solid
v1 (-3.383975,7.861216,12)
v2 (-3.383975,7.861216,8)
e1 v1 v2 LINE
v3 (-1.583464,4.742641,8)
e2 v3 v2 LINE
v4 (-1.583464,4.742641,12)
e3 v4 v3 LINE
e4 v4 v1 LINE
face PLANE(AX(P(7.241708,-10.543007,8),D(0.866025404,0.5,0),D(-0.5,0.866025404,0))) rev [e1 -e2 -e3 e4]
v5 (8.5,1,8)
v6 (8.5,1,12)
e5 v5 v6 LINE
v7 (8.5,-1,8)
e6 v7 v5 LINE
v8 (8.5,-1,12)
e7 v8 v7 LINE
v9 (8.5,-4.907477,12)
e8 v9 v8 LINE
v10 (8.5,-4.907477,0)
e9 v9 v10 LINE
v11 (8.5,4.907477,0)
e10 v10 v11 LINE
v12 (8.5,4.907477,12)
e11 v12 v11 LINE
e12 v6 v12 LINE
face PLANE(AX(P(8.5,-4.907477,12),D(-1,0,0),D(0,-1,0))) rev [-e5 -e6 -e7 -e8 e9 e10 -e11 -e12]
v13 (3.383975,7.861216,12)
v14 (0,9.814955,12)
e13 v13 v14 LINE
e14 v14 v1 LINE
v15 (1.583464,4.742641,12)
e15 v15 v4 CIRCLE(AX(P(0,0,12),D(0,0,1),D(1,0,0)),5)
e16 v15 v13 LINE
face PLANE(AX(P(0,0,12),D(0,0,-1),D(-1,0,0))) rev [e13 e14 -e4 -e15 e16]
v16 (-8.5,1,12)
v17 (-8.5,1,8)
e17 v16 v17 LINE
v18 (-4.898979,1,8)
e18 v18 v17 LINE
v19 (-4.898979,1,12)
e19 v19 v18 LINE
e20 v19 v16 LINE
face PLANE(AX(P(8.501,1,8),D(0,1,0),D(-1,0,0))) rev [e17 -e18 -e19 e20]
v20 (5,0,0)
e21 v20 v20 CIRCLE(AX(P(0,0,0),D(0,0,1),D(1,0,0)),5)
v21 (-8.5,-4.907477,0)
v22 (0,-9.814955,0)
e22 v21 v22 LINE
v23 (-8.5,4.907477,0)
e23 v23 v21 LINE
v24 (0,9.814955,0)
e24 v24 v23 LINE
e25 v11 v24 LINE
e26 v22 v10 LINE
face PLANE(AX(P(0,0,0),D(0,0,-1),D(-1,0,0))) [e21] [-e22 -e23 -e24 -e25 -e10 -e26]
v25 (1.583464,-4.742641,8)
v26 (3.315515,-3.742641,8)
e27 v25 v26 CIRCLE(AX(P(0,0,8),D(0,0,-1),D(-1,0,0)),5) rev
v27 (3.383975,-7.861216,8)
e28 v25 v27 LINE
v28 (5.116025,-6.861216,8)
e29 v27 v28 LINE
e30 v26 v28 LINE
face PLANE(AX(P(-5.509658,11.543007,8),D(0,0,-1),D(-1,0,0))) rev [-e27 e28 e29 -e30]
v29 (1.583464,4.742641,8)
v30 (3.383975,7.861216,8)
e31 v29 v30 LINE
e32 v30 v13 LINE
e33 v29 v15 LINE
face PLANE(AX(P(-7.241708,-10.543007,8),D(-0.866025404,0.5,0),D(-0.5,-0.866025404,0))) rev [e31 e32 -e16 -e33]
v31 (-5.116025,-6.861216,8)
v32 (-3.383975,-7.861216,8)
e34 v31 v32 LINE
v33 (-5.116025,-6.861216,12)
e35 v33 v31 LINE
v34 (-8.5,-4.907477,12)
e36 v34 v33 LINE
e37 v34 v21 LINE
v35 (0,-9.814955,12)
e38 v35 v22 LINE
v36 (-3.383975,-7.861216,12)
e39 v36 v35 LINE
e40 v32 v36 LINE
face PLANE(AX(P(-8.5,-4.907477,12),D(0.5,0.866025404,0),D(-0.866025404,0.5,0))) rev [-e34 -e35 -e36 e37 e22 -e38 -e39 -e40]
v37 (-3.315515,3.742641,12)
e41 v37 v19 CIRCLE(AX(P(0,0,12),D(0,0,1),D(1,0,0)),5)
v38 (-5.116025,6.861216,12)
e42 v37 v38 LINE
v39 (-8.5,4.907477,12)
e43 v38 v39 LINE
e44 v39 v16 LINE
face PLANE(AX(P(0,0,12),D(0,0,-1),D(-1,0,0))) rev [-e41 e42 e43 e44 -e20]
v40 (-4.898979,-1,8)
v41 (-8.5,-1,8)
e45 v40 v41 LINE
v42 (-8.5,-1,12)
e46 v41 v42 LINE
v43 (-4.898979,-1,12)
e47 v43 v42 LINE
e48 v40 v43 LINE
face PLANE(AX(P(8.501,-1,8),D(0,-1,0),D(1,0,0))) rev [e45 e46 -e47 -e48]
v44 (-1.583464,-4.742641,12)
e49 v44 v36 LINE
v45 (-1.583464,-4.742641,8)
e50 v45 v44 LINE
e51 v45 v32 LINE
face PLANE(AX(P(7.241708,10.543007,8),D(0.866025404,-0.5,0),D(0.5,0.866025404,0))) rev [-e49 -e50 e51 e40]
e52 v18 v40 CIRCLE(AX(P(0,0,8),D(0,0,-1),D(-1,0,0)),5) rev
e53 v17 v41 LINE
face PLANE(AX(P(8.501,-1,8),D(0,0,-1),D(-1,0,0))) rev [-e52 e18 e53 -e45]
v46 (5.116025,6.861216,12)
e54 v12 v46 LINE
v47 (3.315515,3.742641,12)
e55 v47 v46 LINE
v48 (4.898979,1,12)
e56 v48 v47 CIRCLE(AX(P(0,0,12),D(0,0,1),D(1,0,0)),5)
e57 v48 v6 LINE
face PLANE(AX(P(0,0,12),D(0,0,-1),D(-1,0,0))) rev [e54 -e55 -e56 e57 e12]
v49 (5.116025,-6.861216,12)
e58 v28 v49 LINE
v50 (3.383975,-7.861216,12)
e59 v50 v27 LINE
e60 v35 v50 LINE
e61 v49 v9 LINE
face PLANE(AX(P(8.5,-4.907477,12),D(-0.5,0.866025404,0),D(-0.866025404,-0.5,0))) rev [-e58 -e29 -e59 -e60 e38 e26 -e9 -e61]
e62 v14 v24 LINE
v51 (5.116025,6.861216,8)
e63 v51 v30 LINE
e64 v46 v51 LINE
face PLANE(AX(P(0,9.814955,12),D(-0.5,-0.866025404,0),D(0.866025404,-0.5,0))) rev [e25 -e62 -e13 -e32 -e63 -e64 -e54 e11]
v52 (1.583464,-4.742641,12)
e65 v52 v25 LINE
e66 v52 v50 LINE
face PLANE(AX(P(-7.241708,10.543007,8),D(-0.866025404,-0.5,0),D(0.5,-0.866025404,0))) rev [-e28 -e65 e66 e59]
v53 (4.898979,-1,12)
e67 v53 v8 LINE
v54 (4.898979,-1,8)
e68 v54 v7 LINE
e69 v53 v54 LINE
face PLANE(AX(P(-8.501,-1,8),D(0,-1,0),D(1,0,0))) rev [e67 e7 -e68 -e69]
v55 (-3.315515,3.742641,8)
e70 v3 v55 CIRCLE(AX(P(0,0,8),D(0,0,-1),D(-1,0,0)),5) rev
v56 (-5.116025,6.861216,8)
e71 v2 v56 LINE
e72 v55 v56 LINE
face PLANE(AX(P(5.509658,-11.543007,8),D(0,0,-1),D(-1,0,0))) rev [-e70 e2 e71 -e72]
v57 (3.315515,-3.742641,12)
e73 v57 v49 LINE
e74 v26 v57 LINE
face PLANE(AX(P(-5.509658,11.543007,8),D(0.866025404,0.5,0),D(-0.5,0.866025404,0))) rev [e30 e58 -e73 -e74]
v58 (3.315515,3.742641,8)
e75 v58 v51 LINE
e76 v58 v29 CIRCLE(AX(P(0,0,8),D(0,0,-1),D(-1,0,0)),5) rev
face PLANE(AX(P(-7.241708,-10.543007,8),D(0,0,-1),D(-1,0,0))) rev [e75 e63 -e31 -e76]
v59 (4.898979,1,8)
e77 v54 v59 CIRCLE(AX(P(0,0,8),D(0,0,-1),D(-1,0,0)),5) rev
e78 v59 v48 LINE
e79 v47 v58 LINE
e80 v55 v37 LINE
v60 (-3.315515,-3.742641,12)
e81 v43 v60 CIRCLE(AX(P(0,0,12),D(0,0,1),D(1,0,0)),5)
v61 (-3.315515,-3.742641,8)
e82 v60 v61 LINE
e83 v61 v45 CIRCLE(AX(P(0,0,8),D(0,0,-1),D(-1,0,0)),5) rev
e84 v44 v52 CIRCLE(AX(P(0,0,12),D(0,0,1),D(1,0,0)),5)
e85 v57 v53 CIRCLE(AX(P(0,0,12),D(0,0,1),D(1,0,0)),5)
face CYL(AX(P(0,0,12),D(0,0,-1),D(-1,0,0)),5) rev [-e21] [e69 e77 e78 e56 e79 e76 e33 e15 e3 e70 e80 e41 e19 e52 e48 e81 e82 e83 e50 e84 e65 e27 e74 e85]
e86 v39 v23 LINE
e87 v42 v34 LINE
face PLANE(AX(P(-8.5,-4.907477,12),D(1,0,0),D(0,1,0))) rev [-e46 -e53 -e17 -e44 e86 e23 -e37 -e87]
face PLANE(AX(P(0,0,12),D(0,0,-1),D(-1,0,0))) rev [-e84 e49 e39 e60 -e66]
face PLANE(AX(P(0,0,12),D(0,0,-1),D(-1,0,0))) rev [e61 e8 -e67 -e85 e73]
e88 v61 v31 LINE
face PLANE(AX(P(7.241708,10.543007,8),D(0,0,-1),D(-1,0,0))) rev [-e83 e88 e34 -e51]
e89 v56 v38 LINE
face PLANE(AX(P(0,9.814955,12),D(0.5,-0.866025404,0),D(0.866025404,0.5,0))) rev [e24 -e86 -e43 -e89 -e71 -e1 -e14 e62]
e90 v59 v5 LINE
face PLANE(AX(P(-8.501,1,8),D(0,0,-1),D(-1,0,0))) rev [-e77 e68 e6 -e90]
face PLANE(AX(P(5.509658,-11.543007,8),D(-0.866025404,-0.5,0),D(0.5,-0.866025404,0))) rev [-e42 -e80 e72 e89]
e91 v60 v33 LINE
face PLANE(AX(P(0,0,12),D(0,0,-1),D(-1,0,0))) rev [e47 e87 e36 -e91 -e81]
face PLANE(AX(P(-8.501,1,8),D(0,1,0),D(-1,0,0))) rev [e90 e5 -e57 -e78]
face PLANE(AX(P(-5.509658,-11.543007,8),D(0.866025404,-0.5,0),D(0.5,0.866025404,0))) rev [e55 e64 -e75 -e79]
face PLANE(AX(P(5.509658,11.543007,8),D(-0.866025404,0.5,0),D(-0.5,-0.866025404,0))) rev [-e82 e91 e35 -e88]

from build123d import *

# Parameters (mm, degrees)
ESBO_O2_R                  = 5
RESSALTO_EXTRUS_O2_DEPTH   = 12
CORTE_EXTRUS_O1_REACH      = 25.007
CORTE_EXTRUS_O1_END_RADIUS = 5
ESBO_O3_W                  = 4
ESBO_O3_H                  = 2
PADR_OCIRCULAR1_COUNT      = 6


with BuildPart() as part:
    # Esboço2 → Ressalto-extrusão2 (new body)
    with BuildSketch(Plane.XY):
        Polygon((0, 9.814954576), (8.5, 4.907477288), (8.5, -4.907477288), (0, -9.814954576), (-8.5, -4.907477288), (-8.5, 4.907477288), align=None)
        Circle(ESBO_O2_R, mode=Mode.SUBTRACT)
    extrude(amount=RESSALTO_EXTRUS_O2_DEPTH)

    # Corte-extrusão1: up to this cylinder (the profile starts outside it)
    corte_extrus_o1_end = Plane(origin=(0, 0, 10), z_dir=(0, 0, -1)) * Cylinder(CORTE_EXTRUS_O1_END_RADIUS, 61.014, mode=Mode.PRIVATE)
    # Esboço3 → Corte-extrusão1 (cut, up to the surface)
    with BuildSketch(Plane(origin=(8.5, 0, 0), x_dir=(0, 0, -1), z_dir=(1, 0, 0)), mode=Mode.PRIVATE) as corte_extrus_o1_sk1:
        with Locations((-10, 0)):
            Rectangle(ESBO_O3_W, ESBO_O3_H)
    corte_extrus_o1_tool1 = extrude(corte_extrus_o1_sk1.sketch, amount=-CORTE_EXTRUS_O1_REACH, mode=Mode.PRIVATE) - corte_extrus_o1_end
    corte_extrus_o1 = corte_extrus_o1_tool1.solids().sort_by_distance((8.5, 0, 10))[0]
    add(corte_extrus_o1, mode=Mode.SUBTRACT)

    # PadrãoCircular1: Corte-extrusão1 ×6 about axis
    padr_ocircular1_axis = Axis((0, 0, 0), (0, 0, 1))
    for i in range(1, PADR_OCIRCULAR1_COUNT):
        add(corte_extrus_o1.rotate(padr_ocircular1_axis, i * 360 / PADR_OCIRCULAR1_COUNT), mode=Mode.SUBTRACT)


solid = part.part
